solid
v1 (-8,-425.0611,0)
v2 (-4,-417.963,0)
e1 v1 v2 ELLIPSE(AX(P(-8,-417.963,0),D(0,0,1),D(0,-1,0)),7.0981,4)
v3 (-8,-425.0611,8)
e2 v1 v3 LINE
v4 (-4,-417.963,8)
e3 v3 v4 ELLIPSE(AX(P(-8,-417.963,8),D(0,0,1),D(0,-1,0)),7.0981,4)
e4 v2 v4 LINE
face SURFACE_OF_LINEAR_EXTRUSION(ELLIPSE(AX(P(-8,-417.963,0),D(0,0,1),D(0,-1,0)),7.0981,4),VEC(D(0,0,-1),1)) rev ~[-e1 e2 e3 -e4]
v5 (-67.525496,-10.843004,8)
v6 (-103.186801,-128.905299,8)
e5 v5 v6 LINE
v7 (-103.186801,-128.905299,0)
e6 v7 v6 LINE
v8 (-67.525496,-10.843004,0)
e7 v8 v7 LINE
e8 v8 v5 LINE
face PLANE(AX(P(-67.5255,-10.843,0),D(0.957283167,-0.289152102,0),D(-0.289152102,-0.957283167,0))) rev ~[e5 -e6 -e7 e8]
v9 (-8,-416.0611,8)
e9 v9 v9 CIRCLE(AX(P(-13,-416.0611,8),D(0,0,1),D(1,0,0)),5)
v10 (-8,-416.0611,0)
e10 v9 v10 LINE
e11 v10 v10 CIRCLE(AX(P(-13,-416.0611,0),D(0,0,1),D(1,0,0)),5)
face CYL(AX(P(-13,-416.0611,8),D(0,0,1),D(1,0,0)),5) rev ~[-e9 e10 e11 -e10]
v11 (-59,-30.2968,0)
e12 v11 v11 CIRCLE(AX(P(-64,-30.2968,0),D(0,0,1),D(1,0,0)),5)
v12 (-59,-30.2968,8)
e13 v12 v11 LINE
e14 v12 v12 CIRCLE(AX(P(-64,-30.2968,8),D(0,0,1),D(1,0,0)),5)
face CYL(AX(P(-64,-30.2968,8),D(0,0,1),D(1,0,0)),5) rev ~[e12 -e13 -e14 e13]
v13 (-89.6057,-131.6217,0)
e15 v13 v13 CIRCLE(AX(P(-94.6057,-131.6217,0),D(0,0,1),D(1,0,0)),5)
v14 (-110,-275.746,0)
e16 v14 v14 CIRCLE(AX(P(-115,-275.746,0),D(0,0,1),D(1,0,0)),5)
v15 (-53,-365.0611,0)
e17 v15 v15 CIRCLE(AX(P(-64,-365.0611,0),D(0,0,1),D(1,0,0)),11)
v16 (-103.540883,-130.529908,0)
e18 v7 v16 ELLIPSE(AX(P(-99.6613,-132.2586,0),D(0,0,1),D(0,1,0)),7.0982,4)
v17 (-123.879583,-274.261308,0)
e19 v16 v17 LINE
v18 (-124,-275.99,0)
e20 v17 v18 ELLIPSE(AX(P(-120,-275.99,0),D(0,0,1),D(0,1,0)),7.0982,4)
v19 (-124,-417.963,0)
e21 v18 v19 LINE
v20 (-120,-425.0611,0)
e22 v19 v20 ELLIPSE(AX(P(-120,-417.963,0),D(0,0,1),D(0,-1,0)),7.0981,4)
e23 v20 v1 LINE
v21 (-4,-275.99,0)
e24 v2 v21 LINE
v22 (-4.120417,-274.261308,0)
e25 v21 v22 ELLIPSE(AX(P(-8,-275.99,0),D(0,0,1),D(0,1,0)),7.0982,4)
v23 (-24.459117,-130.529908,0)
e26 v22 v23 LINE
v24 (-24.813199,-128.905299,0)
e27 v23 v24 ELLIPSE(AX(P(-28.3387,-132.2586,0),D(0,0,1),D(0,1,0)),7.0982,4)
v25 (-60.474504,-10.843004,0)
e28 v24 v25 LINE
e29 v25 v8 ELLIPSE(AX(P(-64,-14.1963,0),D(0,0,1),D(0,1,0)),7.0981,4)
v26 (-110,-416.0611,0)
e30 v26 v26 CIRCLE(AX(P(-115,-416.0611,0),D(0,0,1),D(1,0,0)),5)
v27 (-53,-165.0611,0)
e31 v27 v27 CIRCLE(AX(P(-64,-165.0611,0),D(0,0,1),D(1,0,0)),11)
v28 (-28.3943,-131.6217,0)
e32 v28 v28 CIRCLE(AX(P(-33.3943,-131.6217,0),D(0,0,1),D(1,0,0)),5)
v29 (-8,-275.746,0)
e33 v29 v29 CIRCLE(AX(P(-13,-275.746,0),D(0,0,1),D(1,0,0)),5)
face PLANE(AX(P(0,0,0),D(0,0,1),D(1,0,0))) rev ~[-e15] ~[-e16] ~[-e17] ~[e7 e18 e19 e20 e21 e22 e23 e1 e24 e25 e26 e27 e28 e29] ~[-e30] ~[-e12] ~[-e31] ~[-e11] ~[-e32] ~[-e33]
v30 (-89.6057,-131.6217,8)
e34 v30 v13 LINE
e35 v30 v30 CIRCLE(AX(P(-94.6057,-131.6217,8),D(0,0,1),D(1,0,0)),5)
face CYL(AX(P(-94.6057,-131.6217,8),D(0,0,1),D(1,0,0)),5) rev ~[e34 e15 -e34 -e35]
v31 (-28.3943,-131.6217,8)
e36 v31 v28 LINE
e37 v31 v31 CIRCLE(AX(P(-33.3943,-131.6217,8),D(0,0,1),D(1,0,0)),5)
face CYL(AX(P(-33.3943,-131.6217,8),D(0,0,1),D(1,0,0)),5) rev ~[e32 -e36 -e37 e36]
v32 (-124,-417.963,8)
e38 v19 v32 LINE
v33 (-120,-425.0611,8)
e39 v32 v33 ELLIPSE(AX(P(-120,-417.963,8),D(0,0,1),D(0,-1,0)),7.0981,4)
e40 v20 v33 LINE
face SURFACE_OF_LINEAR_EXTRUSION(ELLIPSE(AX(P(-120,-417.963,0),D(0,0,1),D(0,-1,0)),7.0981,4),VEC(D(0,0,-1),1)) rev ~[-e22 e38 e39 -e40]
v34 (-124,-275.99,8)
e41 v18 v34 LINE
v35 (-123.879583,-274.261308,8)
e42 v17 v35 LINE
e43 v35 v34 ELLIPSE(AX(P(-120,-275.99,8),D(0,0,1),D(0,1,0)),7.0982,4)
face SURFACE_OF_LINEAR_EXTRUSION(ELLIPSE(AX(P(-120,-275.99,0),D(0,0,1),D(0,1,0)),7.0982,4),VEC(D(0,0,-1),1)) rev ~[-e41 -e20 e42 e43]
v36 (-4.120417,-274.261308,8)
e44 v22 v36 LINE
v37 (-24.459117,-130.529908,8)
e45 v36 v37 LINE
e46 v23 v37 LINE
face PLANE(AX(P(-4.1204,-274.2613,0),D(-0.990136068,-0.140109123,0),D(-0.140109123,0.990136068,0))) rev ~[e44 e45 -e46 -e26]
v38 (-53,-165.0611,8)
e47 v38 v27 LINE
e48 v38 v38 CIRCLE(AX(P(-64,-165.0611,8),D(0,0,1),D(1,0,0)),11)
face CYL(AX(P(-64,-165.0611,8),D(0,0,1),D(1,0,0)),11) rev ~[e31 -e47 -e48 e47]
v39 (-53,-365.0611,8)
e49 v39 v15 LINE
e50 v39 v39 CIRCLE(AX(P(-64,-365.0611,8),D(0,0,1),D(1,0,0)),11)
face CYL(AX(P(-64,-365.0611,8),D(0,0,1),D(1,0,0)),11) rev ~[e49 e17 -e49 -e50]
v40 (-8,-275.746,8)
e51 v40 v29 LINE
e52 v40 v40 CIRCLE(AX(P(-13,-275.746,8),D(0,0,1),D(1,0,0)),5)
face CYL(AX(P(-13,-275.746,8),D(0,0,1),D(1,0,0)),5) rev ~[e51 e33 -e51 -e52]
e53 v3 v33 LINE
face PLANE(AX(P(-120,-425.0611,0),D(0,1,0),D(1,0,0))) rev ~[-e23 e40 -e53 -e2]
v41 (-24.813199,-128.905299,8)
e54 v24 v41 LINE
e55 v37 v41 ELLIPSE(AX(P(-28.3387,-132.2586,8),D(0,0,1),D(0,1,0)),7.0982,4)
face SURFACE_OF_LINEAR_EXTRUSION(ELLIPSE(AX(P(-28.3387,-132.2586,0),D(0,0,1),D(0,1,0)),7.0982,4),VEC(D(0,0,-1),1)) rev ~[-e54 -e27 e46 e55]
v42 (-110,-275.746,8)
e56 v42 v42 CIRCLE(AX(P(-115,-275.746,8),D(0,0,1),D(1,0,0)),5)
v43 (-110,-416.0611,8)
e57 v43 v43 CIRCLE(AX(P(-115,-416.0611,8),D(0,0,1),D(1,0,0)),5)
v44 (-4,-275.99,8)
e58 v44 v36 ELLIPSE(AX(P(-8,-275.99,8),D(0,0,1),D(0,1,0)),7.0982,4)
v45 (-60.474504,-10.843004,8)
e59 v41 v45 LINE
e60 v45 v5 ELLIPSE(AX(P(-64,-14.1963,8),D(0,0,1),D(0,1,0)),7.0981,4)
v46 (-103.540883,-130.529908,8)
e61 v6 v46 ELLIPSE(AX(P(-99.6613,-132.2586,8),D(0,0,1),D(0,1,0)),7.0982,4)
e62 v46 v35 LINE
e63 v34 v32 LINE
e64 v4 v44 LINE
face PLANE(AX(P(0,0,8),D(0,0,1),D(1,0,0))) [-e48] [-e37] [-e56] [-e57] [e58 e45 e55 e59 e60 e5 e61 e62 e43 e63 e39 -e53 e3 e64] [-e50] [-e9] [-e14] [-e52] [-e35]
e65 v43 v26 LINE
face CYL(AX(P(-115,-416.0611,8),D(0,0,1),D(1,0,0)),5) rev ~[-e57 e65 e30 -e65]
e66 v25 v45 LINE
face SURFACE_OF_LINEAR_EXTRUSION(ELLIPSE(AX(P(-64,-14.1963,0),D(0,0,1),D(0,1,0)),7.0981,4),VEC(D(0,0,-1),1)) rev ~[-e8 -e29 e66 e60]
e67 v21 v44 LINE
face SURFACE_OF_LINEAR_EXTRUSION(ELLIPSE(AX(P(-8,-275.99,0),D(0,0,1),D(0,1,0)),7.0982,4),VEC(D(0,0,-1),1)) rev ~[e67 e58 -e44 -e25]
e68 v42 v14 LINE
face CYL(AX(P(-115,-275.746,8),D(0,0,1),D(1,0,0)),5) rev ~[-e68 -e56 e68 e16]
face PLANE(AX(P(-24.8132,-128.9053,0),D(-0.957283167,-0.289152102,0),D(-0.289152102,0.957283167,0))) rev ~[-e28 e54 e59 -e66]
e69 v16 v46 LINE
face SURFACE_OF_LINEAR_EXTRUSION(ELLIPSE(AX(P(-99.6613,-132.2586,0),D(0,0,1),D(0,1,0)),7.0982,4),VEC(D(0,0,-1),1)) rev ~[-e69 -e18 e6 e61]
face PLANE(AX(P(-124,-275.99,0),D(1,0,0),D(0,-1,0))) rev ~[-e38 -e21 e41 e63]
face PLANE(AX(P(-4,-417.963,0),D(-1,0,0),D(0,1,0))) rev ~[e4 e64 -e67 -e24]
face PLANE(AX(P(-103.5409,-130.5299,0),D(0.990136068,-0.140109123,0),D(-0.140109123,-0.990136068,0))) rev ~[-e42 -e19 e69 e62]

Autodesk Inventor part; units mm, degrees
ref_plane "YZ Plane" through (0, 0, 0) normal (1, 0, 0) x (0, 1, 0)
ref_plane "XZ Plane" through (0, 0, 0) normal (0, 1, 0) x (-1, 0, 0)
ref_plane "Work Plane1" through (0, 0, 0) normal (0, 0, 1) x (1, 0, 0)
sketch "Sketch1" plane through (0, 0, 0) normal (0, 0, 1) x (1, 0, 0)
  line L0 (-65.5, -425.0611) -> (-65.5, -432.1593)
  line L1 (-120, -425.0611) -> (-65.5, -425.0611)
  ellipse E0 centre (-120, -417.963) end of major axis (-120, -425.0611) minor radius 4 (-124, -417.963) -> (-120, -425.0611) ccw
  line L2 (-124, -275.99) -> (-124, -417.963)
  ellipse E1 centre (-120, -275.99) end of major axis (-120, -268.8918) minor radius 4 (-123.8796, -274.2613) -> (-124, -275.99) ccw
  line L3 (-103.5409, -130.5299) -> (-123.8796, -274.2613)
  ellipse E2 centre (-99.6613, -132.2586) end of major axis (-99.6613, -125.1604) minor radius 4 (-103.1868, -128.9053) -> (-103.5409, -130.5299) ccw
  line L4 (-67.5255, -10.843) -> (-103.1868, -128.9053)
  ellipse E3 centre (-64, -14.1963) end of major axis (-64, -7.0982) minor radius 4 (-60.4745, -10.843) -> (-67.5255, -10.843) ccw
  line L5 (-24.8132, -128.9053) -> (-60.4745, -10.843)
  ellipse E4 centre (-28.3387, -132.2586) end of major axis (-28.3387, -125.1604) minor radius 4 (-24.4591, -130.5299) -> (-24.8132, -128.9053) ccw
  line L6 (-4.1204, -274.2613) -> (-24.4591, -130.5299)
  ellipse E5 centre (-8, -275.99) end of major axis (-8, -268.8918) minor radius 4 (-4, -275.99) -> (-4.1204, -274.2613) ccw
  line L7 (-4, -417.963) -> (-4, -275.99)
  ellipse E6 centre (-8, -417.963) end of major axis (-8, -425.0611) minor radius 4 (-8, -425.0611) -> (-4, -417.963) ccw
  line L8 (-62.5, -425.0611) -> (-8, -425.0611)
  line L9 (-62.5, -432.1593) -> (-62.5, -425.0611)
  line L10 (-8, -432.1593) -> (-62.5, -432.1593)
  ellipse E7 centre (-8, -417.963) end of major axis (-8, -432.1593) minor radius 8 (-8, -432.1593) -> (0, -417.963) ccw
  line L11 (0, -275.99) -> (0, -417.963)
  ellipse E8 centre (-8, -275.99) end of major axis (-8, -261.7937) minor radius 8 (0, -275.99) -> (-0.2409, -272.5326) ccw
  line L12 (-20.5796, -128.8012) -> (-0.2409, -272.5326)
  ellipse E9 centre (-28.3387, -132.2586) end of major axis (-28.3387, -118.0623) minor radius 8 (-20.5796, -128.8012) -> (-21.2877, -125.5519) ccw
  line L13 (-56.949, -7.4896) -> (-21.2877, -125.5519)
  ellipse E10 centre (-64, -14.1963) end of major axis (-64, 0) minor radius 8 (-56.949, -7.4896) -> (-71.051, -7.4896) ccw
  line L14 (-106.7123, -125.5519) -> (-71.051, -7.4896)
  ellipse E11 centre (-99.6613, -132.2586) end of major axis (-99.6613, -118.0623) minor radius 8 (-106.7123, -125.5519) -> (-107.4204, -128.8012) ccw
  line L15 (-127.7591, -272.5326) -> (-107.4204, -128.8012)
  ellipse E12 centre (-120, -275.99) end of major axis (-120, -261.7937) minor radius 8 (-127.7591, -272.5326) -> (-128, -275.99) ccw
  line L16 (-128, -417.963) -> (-128, -275.99)
  ellipse E13 centre (-120, -417.963) end of major axis (-120, -432.1593) minor radius 8 (-128, -417.963) -> (-120, -432.1593) ccw
  line L17 (-65.5, -432.1593) -> (-120, -432.1593)
  line L18 (-62.5, -425.0611) -> (-65.5, -425.0611)
  point P0 (0, 0)
extrude "Plate1" add sketch "Sketch1" along normal blind 8 contours L1 E0 L2 E1 L3 E2 L4 E3 L5 E4 L6 E5 L7 E6 L8 L18
sketch "Sketch2" plane through (0, 0, 8) normal (0, 0, 1) x (1, 0, 0)
  line L0 (-8, -425.0611) -> (-120, -425.0611) projected
  ellipse E0 centre (-8, -417.963) end of major axis (-8, -425.0611) minor radius 4 (-8, -425.0611) -> (-4, -417.963) ccw projected
  line L1 (-4, -275.99) -> (-4, -417.963) projected
  ellipse E1 centre (-8, -275.99) end of major axis (-8, -268.8918) minor radius 4 (-4, -275.99) -> (-4.1204, -274.2613) ccw projected
  line L2 (-24.4591, -130.5299) -> (-4.1204, -274.2613) projected
  ellipse E2 centre (-28.3387, -132.2586) end of major axis (-28.3387, -125.1604) minor radius 4 (-24.4591, -130.5299) -> (-24.8132, -128.9053) ccw projected
  line L3 (-60.4745, -10.843) -> (-24.8132, -128.9053) projected
  ellipse E3 centre (-64, -14.1963) end of major axis (-64, -7.0982) minor radius 4 (-60.4745, -10.843) -> (-67.5255, -10.843) ccw projected
  line L4 (-103.1868, -128.9053) -> (-67.5255, -10.843) projected
  ellipse E4 centre (-99.6613, -132.2586) end of major axis (-99.6613, -125.1604) minor radius 4 (-103.1868, -128.9053) -> (-103.5409, -130.5299) ccw projected
  line L5 (-123.8796, -274.2613) -> (-103.5409, -130.5299) projected
  ellipse E5 centre (-120, -275.99) end of major axis (-120, -268.8918) minor radius 4 (-123.8796, -274.2613) -> (-124, -275.99) ccw projected
  line L6 (-124, -417.963) -> (-124, -275.99) projected
  ellipse E6 centre (-120, -417.963) end of major axis (-120, -425.0611) minor radius 4 (-124, -417.963) -> (-120, -425.0611) ccw projected
  line L7 (-64, -470.7435) -> (-64, 33.682) construction
  line L8 (-8, -425.0611) -> (-120, -425.0611) construction
  circle A0 centre (-64, -365.0611) radius 11
  circle A1 centre (-64, -165.0611) radius 11
  circle A2 centre (-115, -416.0611) radius 5
  circle A3 centre (-115, -275.746) radius 5
  circle A4 centre (-94.6057, -131.6217) radius 5
  circle A5 centre (-64, -30.2968) radius 5
  circle A6 centre (-33.3943, -131.6217) radius 5
  circle A7 centre (-13, -275.746) radius 5
  circle A8 centre (-13, -416.0611) radius 5
  point P0 (0, 0)
  dimension "d1" = 22
  dimension "d2" = 22
  dimension "d3" = 10
  dimension "d4" = 10
  dimension "d5" = 10
  dimension "d7" = 10
  dimension "d9" = 10
  dimension "d11" = 10
  dimension "d13" = 10
  dimension "d15" = 9
  dimension "d16" = 9
  dimension "d17" = 4
  dimension "d18" = 9
  dimension "d19" = 9
  dimension "d20" = 9
  dimension "d21" = 9
  dimension "d22" = 9
  dimension "d23" = 9
  dimension "d24" = 9
  dimension "d25" = 9
  dimension "d26" = 9
  dimension "d27" = 9
  dimension "d28" = 9
  dimension "d29" = 9
  dimension "d30" = 60
  dimension "d31" = 60
  dimension "d33" = 200
extrude "zinkdrænshuller" cut sketch "Sketch2" against normal blind 8 contours A0 | A1 | A2 | A3 | A4 | A5 | A6 | A7 | A8
equation "\"d2\" = d1"
equation "\"d4\" = d3"
equation "\"d5\" = d6"
equation "\"d7\" = d8"
equation "\"d9\" = d10"
equation "\"d11\" = d12"
equation "\"d13\" = d14"
equation "\"d16\" = d15"
equation "\"d18\" = d16"
equation "\"d19\" = d16"
equation "\"d20\" = d16"
equation "\"d21\" = d16"
equation "\"d22\" = d16"
equation "\"d23\" = d16"
equation "\"d24\" = d16"
equation "\"d25\" = d16"
equation "\"d26\" = d16"
equation "\"d27\" = d16"
equation "\"d28\" = d16"
equation "\"d29\" = d16"
equation "\"d31\" = d30"
equation "\"d34\" = Thickness"
equation "\"d0\" = Thickness"
equation "\"BendRadius\" = Thickness"
equation "\"BendReliefWidth\" = Thickness"
equation "\"BendReliefDepth\" = 0.5 * Thickness"
equation "\"CornerReliefSize\" = 4 * Thickness"
equation "\"MinimumRemnant\" = 2 * Thickness"
equation "\"TransitionRadius\" = BendRadius"
equation "\"JacobiRadiusSize\" = BendRadius"
equation "\"GapSize\" = Thickness"
equation "\"d6\" = 10"
equation "\"d8\" = 10"
equation "\"d10\" = 10"
equation "\"d12\" = 10"
equation "\"d14\" = 10"
equation "\"Thickness\" = 8"
properties part number "bund vange-endeplade" material "S235JR"
